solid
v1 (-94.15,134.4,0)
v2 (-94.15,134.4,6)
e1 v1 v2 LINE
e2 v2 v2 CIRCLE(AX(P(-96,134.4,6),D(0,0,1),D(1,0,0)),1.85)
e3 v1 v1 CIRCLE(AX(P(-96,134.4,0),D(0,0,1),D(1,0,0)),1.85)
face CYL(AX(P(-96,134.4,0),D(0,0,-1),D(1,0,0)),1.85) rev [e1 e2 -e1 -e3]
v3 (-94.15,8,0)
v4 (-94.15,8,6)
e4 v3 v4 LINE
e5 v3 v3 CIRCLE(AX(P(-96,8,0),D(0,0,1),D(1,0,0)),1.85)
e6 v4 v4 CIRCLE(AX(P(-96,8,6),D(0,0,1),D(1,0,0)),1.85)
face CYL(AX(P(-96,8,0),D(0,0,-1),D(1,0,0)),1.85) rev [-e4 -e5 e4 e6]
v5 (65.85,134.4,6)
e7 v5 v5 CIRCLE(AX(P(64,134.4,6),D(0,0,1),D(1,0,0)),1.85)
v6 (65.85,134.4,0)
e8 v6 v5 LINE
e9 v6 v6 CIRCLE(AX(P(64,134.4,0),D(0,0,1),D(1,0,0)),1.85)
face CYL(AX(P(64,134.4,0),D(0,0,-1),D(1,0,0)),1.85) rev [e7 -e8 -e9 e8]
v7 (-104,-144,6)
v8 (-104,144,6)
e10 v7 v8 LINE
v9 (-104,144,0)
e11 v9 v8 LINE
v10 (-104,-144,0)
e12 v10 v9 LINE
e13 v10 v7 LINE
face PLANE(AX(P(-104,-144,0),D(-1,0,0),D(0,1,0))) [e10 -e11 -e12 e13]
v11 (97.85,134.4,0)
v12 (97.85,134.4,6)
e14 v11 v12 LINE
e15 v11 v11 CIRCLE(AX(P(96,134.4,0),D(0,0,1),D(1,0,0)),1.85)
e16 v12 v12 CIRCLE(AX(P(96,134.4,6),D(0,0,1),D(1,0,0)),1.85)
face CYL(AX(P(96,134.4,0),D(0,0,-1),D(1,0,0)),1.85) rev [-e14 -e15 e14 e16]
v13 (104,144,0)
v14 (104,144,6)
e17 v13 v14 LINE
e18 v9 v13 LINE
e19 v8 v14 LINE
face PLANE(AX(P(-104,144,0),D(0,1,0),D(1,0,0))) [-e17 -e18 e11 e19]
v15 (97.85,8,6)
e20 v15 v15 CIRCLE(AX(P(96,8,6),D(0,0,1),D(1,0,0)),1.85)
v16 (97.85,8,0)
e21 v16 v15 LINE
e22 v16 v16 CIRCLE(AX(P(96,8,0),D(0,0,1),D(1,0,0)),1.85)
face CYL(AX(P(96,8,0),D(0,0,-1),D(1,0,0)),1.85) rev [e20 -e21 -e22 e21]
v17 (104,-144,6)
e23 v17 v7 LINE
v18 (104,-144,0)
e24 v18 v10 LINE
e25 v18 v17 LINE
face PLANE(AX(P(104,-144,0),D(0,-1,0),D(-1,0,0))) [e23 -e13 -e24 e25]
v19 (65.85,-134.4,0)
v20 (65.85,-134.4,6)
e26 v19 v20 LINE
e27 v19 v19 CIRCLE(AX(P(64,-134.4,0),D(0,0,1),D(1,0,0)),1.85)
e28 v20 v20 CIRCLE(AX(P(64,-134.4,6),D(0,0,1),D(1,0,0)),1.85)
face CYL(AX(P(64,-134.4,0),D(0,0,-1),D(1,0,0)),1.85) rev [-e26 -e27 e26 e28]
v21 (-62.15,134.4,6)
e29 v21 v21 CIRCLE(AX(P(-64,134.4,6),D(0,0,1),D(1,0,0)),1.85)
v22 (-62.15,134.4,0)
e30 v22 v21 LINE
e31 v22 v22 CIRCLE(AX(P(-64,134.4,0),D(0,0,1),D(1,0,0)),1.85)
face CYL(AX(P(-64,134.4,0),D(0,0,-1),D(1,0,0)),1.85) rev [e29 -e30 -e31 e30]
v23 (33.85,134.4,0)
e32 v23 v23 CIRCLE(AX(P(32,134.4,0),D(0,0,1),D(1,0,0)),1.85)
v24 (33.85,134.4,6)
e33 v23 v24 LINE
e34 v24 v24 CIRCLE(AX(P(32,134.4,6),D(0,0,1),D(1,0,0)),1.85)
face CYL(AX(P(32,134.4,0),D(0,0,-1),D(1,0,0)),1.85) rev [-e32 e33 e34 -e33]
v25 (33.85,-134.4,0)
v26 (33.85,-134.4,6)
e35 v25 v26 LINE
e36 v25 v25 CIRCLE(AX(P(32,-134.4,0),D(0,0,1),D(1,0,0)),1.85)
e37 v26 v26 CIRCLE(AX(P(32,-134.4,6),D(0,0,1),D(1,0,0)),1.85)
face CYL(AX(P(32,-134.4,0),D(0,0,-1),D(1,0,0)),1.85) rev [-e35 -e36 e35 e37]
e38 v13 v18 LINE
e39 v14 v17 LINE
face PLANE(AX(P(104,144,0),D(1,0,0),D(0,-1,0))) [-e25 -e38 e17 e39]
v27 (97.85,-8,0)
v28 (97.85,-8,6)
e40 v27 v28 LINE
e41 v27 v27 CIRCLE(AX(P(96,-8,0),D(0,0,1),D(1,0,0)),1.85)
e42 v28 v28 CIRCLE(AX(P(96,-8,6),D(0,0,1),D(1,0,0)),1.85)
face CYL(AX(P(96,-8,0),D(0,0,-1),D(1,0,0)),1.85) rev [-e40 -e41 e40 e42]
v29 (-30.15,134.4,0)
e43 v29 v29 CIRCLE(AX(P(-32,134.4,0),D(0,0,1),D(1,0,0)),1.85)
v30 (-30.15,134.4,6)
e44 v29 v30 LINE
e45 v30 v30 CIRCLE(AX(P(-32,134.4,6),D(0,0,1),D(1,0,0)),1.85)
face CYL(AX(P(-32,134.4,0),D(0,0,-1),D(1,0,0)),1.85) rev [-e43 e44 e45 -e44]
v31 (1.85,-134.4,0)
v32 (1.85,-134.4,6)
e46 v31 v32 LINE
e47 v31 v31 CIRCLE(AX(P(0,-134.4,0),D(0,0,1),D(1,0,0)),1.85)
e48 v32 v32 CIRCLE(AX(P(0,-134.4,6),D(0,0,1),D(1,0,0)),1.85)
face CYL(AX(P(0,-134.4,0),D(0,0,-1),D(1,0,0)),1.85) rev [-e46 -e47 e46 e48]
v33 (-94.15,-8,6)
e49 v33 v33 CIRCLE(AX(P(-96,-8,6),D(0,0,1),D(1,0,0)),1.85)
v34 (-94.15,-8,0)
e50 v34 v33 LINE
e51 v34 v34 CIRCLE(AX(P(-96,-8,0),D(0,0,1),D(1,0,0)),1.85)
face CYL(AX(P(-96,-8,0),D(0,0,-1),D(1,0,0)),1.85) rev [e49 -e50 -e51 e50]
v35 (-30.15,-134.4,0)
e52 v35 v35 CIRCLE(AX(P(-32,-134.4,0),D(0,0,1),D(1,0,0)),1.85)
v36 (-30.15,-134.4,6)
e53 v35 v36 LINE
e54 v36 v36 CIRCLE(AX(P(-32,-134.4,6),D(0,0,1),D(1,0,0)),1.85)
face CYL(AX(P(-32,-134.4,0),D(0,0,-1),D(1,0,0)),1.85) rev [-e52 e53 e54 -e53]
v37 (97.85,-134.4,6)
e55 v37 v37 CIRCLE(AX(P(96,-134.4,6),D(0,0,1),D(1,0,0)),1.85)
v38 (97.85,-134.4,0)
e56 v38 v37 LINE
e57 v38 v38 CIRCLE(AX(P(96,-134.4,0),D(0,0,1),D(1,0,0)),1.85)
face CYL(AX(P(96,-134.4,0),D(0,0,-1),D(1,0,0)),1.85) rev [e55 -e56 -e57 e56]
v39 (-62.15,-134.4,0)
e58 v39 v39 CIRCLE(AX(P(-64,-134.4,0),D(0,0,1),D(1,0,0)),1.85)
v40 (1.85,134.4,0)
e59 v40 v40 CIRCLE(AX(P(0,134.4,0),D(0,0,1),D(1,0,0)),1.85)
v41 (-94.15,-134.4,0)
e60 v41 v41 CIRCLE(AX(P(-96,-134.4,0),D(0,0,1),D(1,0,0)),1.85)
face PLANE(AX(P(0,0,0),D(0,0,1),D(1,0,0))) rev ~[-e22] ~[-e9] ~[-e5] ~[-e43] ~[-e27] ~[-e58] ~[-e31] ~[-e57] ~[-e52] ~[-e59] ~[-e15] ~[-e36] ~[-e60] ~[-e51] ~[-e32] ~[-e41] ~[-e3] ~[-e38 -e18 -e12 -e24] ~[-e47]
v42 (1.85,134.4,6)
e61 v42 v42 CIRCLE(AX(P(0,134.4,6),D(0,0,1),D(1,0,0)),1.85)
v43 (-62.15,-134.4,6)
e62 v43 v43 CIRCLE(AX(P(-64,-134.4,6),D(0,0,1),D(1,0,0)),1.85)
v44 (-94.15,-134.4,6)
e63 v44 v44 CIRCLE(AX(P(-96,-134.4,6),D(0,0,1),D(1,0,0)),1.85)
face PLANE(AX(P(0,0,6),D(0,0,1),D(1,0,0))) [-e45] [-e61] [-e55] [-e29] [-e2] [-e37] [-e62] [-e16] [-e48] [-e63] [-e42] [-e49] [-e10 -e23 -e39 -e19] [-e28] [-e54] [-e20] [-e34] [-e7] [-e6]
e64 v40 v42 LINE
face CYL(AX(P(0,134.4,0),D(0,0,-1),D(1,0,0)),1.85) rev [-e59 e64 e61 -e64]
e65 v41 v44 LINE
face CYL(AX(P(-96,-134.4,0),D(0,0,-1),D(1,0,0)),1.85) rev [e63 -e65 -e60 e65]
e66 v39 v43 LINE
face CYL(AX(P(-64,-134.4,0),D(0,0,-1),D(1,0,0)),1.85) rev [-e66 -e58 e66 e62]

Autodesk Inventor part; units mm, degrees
ref_plane "YZ Plane" through (0, 0, 0) normal (1, 0, 0) x (0, 1, 0)
ref_plane "XZ Plane" through (0, 0, 0) normal (0, 1, 0) x (-1, 0, 0)
ref_plane "XY Plane" through (0, 0, 0) normal (0, 0, 1) x (1, 0, 0)
sketch "Sketch1" plane through (0, 0, 0) normal (0, 0, 1) x (1, 0, 0)
  line L0 (104, -144) -> (-104, -144)
  line L1 (-104, -144) -> (-104, 144)
  line L2 (-104, 144) -> (104, 144)
  line L3 (104, 144) -> (104, -144)
  line L4 (104, -144) -> (-104, 144) construction
  line L5 (-104, -144) -> (104, 144) construction
  circle A0 centre (96, 134.4) radius 1.85
  circle A1 centre (64, 134.4) radius 1.85
  circle A2 centre (32, 134.4) radius 1.85
  circle A3 centre (0, 134.4) radius 1.85
  circle A4 centre (-32, 134.4) radius 1.85
  circle A5 centre (-64, 134.4) radius 1.85
  circle A6 centre (-96, 134.4) radius 1.85
  circle A7 centre (64, -134.4) radius 1.85
  circle A8 centre (32, -134.4) radius 1.85
  circle A9 centre (96, -134.4) radius 1.85
  circle A10 centre (0, -134.4) radius 1.85
  circle A11 centre (-32, -134.4) radius 1.85
  circle A12 centre (-96, -134.4) radius 1.85
  line L6 (104, 144) -> (-104, -144) construction
  line L7 (-104, 144) -> (104, -144) construction
  circle A13 centre (-64, -134.4) radius 1.85
  circle A14 centre (-96, 8) radius 1.85 projected
  circle A15 centre (-96, -8) radius 1.85 projected
  circle A16 centre (96, 8) radius 1.85 projected
  circle A17 centre (96, -8) radius 1.85 projected
  dimension "d0" = 208
  dimension "d1" = 288
extrude "Extrusion5" add sketch "Sketch1" along normal blind 6
properties part number "KrackenPlate1"
